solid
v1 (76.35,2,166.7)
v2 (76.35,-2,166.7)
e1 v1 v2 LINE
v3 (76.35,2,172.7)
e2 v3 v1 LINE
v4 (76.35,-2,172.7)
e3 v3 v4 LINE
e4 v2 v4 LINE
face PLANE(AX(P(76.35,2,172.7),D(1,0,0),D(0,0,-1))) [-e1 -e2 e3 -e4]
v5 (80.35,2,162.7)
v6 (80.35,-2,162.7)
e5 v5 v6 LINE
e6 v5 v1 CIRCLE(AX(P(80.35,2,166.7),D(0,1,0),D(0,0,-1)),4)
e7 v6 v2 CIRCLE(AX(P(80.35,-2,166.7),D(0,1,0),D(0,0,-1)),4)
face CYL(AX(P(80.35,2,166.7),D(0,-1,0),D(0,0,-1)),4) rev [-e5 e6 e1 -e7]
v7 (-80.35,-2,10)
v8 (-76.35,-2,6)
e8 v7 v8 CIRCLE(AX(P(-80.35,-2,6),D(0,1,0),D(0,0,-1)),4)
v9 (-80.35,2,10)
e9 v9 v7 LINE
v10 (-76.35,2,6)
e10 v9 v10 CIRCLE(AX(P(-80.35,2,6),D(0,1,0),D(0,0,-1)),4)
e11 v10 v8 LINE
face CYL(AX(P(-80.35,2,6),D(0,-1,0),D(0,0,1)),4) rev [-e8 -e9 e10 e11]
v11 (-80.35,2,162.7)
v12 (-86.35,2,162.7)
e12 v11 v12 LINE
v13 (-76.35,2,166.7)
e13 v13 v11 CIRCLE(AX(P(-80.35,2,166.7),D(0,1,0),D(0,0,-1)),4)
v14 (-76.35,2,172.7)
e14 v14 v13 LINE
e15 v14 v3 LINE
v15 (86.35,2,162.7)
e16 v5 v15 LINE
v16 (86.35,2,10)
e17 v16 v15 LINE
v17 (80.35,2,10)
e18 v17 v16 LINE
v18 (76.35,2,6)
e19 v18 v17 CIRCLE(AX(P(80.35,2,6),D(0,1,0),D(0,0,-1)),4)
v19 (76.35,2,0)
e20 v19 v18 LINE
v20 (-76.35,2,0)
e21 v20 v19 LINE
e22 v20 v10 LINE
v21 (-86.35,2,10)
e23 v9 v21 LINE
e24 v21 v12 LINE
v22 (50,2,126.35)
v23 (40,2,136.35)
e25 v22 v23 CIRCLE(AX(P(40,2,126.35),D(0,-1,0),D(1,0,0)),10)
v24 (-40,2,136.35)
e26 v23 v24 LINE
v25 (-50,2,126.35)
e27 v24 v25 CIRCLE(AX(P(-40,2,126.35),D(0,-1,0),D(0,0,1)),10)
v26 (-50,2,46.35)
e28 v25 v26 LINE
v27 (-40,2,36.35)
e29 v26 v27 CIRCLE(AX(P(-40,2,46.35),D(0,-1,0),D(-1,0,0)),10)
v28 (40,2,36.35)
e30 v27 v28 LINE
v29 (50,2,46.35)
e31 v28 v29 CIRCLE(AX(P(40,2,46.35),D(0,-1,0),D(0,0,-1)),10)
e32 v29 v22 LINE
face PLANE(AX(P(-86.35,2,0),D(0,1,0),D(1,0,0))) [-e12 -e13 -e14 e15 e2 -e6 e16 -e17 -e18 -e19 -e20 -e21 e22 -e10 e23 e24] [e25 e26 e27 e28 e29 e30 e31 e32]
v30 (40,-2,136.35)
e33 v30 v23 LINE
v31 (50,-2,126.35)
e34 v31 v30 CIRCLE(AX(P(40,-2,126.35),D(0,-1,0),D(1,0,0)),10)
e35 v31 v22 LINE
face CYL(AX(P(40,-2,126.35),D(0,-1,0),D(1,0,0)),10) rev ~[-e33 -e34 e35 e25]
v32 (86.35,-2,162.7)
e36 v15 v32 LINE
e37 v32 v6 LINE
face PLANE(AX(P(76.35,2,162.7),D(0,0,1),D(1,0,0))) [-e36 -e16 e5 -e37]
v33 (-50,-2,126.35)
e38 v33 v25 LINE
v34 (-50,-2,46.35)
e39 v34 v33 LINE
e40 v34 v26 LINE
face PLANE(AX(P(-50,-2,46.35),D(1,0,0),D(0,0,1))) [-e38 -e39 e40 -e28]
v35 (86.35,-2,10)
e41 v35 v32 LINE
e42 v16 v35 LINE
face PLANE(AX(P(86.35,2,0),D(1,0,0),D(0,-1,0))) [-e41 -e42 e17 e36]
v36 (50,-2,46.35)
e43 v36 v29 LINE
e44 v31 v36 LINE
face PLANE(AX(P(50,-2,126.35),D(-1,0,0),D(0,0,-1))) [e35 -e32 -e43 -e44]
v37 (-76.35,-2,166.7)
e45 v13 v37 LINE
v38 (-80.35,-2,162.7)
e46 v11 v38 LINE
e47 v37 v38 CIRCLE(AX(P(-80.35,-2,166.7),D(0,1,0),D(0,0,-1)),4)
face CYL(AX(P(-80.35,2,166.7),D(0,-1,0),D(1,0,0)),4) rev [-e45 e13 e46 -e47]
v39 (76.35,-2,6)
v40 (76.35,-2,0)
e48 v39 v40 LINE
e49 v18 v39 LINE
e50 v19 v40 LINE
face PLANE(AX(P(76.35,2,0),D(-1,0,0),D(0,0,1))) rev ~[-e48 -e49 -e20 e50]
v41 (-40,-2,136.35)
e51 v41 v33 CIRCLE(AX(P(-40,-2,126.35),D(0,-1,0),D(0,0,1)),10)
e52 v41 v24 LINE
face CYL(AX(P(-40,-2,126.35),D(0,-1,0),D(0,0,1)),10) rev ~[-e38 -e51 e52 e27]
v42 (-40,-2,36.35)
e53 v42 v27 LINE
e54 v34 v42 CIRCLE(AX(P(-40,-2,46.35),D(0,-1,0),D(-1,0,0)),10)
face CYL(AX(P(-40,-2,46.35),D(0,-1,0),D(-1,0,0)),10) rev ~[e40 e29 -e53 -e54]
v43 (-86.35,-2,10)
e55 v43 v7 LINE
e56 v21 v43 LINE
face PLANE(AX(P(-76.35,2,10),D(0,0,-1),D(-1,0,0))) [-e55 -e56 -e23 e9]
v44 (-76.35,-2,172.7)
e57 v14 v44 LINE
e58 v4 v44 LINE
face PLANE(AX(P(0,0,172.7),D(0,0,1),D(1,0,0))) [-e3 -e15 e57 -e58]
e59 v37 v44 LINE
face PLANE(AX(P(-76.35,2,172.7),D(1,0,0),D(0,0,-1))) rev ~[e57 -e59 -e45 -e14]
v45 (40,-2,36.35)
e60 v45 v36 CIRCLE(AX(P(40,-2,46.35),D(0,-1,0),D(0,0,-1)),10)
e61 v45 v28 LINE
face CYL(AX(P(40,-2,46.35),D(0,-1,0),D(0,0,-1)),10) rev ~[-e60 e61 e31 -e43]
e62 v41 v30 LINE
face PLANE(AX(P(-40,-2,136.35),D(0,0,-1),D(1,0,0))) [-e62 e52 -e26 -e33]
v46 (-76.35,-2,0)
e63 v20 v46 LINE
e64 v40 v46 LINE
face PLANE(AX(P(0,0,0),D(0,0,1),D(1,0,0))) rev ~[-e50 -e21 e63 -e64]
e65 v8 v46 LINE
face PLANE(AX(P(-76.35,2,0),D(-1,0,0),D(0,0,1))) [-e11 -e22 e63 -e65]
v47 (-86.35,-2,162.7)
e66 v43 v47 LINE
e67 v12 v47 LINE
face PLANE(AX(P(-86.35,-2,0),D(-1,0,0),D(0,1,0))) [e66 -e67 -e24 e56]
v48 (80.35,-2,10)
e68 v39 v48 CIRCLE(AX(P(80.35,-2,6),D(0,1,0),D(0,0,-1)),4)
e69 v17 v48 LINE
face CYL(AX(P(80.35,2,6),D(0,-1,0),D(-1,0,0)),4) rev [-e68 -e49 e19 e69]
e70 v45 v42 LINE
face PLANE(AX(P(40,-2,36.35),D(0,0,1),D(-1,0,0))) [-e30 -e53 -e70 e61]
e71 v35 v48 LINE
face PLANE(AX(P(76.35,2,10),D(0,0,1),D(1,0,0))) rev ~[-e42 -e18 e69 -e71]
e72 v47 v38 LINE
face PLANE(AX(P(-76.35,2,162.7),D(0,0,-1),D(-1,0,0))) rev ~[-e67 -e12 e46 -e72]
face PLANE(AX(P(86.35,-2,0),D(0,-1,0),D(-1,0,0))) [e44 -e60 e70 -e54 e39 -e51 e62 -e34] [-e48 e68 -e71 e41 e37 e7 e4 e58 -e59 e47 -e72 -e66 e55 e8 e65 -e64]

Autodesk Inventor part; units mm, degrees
ref_plane "YZ Plane" through (0, 0, 0) normal (1, 0, 0) x (0, 1, 0)
ref_plane "XZ Plane" through (0, 0, 0) normal (0, 1, 0) x (-1, 0, 0)
ref_plane "XY Plane" through (0, 0, 0) normal (0, 0, 1) x (1, 0, 0)
sketch "Skizze1" plane through (0, 0, 0) normal (0, 0, 1) x (1, 0, 0)
  line L0 (-86.35, 2) -> (86.35, 2)
  line L1 (86.35, 2) -> (86.35, -2)
  line L2 (86.35, -2) -> (-86.35, -2)
  line L3 (-86.35, -2) -> (-86.35, 2)
  line L4 (-86.35, 2) -> (86.35, -2) construction
  line L5 (86.35, 2) -> (-86.35, -2) construction
  point P0 (0, 0)
  dimension "d0" = 4
  dimension "d1" = 172.7
extrude "Extrusion1" add sketch "Skizze1" along normal blind 172.7
sketch "Skizze2" plane through (-86.35, -2, 0) normal (0, -1, 0) x (1, 0, 0)
  line L0 (172.7, 0) -> (172.7, 172.7) projected
  line L1 (46.35, 136.35) -> (126.35, 136.35)
  line L2 (136.35, 126.35) -> (136.35, 46.35)
  line L3 (126.35, 36.35) -> (46.35, 36.35)
  line L4 (36.35, 46.35) -> (36.35, 126.35)
  line L5 (172.7, 0) -> (0, 0) projected
  line L6 (0, 0) -> (0, 172.7) projected
  line L7 (172.7, 172.7) -> (0, 172.7) projected
  arc A0 (46.35, 136.35) -> (36.35, 126.35) centre (46.35, 126.35) ccw
  arc A1 (36.35, 46.35) -> (46.35, 36.35) centre (46.35, 46.35) ccw
  arc A2 (126.35, 36.35) -> (136.35, 46.35) centre (126.35, 46.35) ccw
  arc A3 (136.35, 126.35) -> (126.35, 136.35) centre (126.35, 126.35) ccw
  point P0 (86.35, 0)
  point P1 (36.35, 136.35)
  point P2 (136.35, 136.35)
  point P3 (36.35, 36.35)
  dimension "d50" = 100
  dimension "d51" = 100
  dimension "d52" = 36.35
  dimension "d53" = 36.35
  dimension "d54" = 36.35
  dimension "d55" = 36.35
  dimension "d56" = 10
extrude "Extrusion2" cut sketch "Skizze2" against normal blind 10 contours L1 A3 L2 A2 L3 A1 L4 A0
sketch "Skizze3" plane through (-86.35, 2, 0) normal (0, 1, 0) x (1, 0, 0)
  line L0 (114.5855, -0.5055) -> (156.5746, -0.5055) construction
  line L1 (156.5746, -0.5055) -> (156.5746, -42.4946) construction
  line L2 (156.5746, -42.4946) -> (114.5855, -42.4946) construction
  line L3 (114.5855, -42.4946) -> (114.5855, -0.5055) construction
  point P0 (86.35, 0)
  dimension "d1" = 172.7
sketch "Skizze4" plane through (-86.35, 2, 0) normal (0, 1, 0) x (1, 0, 0)
  line L0 (0, -172.7) -> (172.7, -172.7) projected
  line L1 (0, -172.7) -> (10, -172.7)
  line L2 (10, -172.7) -> (10, -162.7)
  line L3 (10, -162.7) -> (0, -162.7)
  line L4 (0, -162.7) -> (0, -172.7)
  line L5 (0, 0) -> (0, -172.7) projected
  line L6 (0, 0) -> (10, 0)
  line L7 (10, 0) -> (10, -10)
  line L8 (10, -10) -> (0, -10)
  line L9 (0, -10) -> (0, 0)
  line L10 (172.7, 0) -> (162.7, 0)
  line L11 (162.7, 0) -> (162.7, -10)
  line L12 (162.7, -10) -> (172.7, -10)
  line L13 (172.7, -10) -> (172.7, 0)
  line L14 (172.7, 0) -> (172.7, -172.7) projected
  line L15 (172.7, -172.7) -> (162.7, -172.7)
  line L16 (162.7, -172.7) -> (162.7, -162.7)
  line L17 (162.7, -162.7) -> (172.7, -162.7)
  line L18 (172.7, -162.7) -> (172.7, -172.7)
  line L19 (172.7, 0) -> (0, 0) projected
  point P0 (86.35, 0)
  point P1 (0, -10)
  dimension "d57" = 10
  dimension "d58" = 10
  dimension "d59" = 10
  dimension "d60" = 10
  dimension "d61" = 10
  dimension "d62" = 10
  dimension "d63" = 10
extrude "Extrusion3" cut sketch "Skizze4" against normal blind 10 contours L4 L3 L2 L0 | L16 L17 L14 L0 | L5 L6 L7 L8 | L12 L11 L10 L13
fillet "Rundung1" radius 4 4 edges at (76.35, 0, 162.7) (76.35, 0, 10) (-76.35, 0, 10) (-76.35, 0, 162.7)
properties part number "Schutzglas_oben" material "Glas"
